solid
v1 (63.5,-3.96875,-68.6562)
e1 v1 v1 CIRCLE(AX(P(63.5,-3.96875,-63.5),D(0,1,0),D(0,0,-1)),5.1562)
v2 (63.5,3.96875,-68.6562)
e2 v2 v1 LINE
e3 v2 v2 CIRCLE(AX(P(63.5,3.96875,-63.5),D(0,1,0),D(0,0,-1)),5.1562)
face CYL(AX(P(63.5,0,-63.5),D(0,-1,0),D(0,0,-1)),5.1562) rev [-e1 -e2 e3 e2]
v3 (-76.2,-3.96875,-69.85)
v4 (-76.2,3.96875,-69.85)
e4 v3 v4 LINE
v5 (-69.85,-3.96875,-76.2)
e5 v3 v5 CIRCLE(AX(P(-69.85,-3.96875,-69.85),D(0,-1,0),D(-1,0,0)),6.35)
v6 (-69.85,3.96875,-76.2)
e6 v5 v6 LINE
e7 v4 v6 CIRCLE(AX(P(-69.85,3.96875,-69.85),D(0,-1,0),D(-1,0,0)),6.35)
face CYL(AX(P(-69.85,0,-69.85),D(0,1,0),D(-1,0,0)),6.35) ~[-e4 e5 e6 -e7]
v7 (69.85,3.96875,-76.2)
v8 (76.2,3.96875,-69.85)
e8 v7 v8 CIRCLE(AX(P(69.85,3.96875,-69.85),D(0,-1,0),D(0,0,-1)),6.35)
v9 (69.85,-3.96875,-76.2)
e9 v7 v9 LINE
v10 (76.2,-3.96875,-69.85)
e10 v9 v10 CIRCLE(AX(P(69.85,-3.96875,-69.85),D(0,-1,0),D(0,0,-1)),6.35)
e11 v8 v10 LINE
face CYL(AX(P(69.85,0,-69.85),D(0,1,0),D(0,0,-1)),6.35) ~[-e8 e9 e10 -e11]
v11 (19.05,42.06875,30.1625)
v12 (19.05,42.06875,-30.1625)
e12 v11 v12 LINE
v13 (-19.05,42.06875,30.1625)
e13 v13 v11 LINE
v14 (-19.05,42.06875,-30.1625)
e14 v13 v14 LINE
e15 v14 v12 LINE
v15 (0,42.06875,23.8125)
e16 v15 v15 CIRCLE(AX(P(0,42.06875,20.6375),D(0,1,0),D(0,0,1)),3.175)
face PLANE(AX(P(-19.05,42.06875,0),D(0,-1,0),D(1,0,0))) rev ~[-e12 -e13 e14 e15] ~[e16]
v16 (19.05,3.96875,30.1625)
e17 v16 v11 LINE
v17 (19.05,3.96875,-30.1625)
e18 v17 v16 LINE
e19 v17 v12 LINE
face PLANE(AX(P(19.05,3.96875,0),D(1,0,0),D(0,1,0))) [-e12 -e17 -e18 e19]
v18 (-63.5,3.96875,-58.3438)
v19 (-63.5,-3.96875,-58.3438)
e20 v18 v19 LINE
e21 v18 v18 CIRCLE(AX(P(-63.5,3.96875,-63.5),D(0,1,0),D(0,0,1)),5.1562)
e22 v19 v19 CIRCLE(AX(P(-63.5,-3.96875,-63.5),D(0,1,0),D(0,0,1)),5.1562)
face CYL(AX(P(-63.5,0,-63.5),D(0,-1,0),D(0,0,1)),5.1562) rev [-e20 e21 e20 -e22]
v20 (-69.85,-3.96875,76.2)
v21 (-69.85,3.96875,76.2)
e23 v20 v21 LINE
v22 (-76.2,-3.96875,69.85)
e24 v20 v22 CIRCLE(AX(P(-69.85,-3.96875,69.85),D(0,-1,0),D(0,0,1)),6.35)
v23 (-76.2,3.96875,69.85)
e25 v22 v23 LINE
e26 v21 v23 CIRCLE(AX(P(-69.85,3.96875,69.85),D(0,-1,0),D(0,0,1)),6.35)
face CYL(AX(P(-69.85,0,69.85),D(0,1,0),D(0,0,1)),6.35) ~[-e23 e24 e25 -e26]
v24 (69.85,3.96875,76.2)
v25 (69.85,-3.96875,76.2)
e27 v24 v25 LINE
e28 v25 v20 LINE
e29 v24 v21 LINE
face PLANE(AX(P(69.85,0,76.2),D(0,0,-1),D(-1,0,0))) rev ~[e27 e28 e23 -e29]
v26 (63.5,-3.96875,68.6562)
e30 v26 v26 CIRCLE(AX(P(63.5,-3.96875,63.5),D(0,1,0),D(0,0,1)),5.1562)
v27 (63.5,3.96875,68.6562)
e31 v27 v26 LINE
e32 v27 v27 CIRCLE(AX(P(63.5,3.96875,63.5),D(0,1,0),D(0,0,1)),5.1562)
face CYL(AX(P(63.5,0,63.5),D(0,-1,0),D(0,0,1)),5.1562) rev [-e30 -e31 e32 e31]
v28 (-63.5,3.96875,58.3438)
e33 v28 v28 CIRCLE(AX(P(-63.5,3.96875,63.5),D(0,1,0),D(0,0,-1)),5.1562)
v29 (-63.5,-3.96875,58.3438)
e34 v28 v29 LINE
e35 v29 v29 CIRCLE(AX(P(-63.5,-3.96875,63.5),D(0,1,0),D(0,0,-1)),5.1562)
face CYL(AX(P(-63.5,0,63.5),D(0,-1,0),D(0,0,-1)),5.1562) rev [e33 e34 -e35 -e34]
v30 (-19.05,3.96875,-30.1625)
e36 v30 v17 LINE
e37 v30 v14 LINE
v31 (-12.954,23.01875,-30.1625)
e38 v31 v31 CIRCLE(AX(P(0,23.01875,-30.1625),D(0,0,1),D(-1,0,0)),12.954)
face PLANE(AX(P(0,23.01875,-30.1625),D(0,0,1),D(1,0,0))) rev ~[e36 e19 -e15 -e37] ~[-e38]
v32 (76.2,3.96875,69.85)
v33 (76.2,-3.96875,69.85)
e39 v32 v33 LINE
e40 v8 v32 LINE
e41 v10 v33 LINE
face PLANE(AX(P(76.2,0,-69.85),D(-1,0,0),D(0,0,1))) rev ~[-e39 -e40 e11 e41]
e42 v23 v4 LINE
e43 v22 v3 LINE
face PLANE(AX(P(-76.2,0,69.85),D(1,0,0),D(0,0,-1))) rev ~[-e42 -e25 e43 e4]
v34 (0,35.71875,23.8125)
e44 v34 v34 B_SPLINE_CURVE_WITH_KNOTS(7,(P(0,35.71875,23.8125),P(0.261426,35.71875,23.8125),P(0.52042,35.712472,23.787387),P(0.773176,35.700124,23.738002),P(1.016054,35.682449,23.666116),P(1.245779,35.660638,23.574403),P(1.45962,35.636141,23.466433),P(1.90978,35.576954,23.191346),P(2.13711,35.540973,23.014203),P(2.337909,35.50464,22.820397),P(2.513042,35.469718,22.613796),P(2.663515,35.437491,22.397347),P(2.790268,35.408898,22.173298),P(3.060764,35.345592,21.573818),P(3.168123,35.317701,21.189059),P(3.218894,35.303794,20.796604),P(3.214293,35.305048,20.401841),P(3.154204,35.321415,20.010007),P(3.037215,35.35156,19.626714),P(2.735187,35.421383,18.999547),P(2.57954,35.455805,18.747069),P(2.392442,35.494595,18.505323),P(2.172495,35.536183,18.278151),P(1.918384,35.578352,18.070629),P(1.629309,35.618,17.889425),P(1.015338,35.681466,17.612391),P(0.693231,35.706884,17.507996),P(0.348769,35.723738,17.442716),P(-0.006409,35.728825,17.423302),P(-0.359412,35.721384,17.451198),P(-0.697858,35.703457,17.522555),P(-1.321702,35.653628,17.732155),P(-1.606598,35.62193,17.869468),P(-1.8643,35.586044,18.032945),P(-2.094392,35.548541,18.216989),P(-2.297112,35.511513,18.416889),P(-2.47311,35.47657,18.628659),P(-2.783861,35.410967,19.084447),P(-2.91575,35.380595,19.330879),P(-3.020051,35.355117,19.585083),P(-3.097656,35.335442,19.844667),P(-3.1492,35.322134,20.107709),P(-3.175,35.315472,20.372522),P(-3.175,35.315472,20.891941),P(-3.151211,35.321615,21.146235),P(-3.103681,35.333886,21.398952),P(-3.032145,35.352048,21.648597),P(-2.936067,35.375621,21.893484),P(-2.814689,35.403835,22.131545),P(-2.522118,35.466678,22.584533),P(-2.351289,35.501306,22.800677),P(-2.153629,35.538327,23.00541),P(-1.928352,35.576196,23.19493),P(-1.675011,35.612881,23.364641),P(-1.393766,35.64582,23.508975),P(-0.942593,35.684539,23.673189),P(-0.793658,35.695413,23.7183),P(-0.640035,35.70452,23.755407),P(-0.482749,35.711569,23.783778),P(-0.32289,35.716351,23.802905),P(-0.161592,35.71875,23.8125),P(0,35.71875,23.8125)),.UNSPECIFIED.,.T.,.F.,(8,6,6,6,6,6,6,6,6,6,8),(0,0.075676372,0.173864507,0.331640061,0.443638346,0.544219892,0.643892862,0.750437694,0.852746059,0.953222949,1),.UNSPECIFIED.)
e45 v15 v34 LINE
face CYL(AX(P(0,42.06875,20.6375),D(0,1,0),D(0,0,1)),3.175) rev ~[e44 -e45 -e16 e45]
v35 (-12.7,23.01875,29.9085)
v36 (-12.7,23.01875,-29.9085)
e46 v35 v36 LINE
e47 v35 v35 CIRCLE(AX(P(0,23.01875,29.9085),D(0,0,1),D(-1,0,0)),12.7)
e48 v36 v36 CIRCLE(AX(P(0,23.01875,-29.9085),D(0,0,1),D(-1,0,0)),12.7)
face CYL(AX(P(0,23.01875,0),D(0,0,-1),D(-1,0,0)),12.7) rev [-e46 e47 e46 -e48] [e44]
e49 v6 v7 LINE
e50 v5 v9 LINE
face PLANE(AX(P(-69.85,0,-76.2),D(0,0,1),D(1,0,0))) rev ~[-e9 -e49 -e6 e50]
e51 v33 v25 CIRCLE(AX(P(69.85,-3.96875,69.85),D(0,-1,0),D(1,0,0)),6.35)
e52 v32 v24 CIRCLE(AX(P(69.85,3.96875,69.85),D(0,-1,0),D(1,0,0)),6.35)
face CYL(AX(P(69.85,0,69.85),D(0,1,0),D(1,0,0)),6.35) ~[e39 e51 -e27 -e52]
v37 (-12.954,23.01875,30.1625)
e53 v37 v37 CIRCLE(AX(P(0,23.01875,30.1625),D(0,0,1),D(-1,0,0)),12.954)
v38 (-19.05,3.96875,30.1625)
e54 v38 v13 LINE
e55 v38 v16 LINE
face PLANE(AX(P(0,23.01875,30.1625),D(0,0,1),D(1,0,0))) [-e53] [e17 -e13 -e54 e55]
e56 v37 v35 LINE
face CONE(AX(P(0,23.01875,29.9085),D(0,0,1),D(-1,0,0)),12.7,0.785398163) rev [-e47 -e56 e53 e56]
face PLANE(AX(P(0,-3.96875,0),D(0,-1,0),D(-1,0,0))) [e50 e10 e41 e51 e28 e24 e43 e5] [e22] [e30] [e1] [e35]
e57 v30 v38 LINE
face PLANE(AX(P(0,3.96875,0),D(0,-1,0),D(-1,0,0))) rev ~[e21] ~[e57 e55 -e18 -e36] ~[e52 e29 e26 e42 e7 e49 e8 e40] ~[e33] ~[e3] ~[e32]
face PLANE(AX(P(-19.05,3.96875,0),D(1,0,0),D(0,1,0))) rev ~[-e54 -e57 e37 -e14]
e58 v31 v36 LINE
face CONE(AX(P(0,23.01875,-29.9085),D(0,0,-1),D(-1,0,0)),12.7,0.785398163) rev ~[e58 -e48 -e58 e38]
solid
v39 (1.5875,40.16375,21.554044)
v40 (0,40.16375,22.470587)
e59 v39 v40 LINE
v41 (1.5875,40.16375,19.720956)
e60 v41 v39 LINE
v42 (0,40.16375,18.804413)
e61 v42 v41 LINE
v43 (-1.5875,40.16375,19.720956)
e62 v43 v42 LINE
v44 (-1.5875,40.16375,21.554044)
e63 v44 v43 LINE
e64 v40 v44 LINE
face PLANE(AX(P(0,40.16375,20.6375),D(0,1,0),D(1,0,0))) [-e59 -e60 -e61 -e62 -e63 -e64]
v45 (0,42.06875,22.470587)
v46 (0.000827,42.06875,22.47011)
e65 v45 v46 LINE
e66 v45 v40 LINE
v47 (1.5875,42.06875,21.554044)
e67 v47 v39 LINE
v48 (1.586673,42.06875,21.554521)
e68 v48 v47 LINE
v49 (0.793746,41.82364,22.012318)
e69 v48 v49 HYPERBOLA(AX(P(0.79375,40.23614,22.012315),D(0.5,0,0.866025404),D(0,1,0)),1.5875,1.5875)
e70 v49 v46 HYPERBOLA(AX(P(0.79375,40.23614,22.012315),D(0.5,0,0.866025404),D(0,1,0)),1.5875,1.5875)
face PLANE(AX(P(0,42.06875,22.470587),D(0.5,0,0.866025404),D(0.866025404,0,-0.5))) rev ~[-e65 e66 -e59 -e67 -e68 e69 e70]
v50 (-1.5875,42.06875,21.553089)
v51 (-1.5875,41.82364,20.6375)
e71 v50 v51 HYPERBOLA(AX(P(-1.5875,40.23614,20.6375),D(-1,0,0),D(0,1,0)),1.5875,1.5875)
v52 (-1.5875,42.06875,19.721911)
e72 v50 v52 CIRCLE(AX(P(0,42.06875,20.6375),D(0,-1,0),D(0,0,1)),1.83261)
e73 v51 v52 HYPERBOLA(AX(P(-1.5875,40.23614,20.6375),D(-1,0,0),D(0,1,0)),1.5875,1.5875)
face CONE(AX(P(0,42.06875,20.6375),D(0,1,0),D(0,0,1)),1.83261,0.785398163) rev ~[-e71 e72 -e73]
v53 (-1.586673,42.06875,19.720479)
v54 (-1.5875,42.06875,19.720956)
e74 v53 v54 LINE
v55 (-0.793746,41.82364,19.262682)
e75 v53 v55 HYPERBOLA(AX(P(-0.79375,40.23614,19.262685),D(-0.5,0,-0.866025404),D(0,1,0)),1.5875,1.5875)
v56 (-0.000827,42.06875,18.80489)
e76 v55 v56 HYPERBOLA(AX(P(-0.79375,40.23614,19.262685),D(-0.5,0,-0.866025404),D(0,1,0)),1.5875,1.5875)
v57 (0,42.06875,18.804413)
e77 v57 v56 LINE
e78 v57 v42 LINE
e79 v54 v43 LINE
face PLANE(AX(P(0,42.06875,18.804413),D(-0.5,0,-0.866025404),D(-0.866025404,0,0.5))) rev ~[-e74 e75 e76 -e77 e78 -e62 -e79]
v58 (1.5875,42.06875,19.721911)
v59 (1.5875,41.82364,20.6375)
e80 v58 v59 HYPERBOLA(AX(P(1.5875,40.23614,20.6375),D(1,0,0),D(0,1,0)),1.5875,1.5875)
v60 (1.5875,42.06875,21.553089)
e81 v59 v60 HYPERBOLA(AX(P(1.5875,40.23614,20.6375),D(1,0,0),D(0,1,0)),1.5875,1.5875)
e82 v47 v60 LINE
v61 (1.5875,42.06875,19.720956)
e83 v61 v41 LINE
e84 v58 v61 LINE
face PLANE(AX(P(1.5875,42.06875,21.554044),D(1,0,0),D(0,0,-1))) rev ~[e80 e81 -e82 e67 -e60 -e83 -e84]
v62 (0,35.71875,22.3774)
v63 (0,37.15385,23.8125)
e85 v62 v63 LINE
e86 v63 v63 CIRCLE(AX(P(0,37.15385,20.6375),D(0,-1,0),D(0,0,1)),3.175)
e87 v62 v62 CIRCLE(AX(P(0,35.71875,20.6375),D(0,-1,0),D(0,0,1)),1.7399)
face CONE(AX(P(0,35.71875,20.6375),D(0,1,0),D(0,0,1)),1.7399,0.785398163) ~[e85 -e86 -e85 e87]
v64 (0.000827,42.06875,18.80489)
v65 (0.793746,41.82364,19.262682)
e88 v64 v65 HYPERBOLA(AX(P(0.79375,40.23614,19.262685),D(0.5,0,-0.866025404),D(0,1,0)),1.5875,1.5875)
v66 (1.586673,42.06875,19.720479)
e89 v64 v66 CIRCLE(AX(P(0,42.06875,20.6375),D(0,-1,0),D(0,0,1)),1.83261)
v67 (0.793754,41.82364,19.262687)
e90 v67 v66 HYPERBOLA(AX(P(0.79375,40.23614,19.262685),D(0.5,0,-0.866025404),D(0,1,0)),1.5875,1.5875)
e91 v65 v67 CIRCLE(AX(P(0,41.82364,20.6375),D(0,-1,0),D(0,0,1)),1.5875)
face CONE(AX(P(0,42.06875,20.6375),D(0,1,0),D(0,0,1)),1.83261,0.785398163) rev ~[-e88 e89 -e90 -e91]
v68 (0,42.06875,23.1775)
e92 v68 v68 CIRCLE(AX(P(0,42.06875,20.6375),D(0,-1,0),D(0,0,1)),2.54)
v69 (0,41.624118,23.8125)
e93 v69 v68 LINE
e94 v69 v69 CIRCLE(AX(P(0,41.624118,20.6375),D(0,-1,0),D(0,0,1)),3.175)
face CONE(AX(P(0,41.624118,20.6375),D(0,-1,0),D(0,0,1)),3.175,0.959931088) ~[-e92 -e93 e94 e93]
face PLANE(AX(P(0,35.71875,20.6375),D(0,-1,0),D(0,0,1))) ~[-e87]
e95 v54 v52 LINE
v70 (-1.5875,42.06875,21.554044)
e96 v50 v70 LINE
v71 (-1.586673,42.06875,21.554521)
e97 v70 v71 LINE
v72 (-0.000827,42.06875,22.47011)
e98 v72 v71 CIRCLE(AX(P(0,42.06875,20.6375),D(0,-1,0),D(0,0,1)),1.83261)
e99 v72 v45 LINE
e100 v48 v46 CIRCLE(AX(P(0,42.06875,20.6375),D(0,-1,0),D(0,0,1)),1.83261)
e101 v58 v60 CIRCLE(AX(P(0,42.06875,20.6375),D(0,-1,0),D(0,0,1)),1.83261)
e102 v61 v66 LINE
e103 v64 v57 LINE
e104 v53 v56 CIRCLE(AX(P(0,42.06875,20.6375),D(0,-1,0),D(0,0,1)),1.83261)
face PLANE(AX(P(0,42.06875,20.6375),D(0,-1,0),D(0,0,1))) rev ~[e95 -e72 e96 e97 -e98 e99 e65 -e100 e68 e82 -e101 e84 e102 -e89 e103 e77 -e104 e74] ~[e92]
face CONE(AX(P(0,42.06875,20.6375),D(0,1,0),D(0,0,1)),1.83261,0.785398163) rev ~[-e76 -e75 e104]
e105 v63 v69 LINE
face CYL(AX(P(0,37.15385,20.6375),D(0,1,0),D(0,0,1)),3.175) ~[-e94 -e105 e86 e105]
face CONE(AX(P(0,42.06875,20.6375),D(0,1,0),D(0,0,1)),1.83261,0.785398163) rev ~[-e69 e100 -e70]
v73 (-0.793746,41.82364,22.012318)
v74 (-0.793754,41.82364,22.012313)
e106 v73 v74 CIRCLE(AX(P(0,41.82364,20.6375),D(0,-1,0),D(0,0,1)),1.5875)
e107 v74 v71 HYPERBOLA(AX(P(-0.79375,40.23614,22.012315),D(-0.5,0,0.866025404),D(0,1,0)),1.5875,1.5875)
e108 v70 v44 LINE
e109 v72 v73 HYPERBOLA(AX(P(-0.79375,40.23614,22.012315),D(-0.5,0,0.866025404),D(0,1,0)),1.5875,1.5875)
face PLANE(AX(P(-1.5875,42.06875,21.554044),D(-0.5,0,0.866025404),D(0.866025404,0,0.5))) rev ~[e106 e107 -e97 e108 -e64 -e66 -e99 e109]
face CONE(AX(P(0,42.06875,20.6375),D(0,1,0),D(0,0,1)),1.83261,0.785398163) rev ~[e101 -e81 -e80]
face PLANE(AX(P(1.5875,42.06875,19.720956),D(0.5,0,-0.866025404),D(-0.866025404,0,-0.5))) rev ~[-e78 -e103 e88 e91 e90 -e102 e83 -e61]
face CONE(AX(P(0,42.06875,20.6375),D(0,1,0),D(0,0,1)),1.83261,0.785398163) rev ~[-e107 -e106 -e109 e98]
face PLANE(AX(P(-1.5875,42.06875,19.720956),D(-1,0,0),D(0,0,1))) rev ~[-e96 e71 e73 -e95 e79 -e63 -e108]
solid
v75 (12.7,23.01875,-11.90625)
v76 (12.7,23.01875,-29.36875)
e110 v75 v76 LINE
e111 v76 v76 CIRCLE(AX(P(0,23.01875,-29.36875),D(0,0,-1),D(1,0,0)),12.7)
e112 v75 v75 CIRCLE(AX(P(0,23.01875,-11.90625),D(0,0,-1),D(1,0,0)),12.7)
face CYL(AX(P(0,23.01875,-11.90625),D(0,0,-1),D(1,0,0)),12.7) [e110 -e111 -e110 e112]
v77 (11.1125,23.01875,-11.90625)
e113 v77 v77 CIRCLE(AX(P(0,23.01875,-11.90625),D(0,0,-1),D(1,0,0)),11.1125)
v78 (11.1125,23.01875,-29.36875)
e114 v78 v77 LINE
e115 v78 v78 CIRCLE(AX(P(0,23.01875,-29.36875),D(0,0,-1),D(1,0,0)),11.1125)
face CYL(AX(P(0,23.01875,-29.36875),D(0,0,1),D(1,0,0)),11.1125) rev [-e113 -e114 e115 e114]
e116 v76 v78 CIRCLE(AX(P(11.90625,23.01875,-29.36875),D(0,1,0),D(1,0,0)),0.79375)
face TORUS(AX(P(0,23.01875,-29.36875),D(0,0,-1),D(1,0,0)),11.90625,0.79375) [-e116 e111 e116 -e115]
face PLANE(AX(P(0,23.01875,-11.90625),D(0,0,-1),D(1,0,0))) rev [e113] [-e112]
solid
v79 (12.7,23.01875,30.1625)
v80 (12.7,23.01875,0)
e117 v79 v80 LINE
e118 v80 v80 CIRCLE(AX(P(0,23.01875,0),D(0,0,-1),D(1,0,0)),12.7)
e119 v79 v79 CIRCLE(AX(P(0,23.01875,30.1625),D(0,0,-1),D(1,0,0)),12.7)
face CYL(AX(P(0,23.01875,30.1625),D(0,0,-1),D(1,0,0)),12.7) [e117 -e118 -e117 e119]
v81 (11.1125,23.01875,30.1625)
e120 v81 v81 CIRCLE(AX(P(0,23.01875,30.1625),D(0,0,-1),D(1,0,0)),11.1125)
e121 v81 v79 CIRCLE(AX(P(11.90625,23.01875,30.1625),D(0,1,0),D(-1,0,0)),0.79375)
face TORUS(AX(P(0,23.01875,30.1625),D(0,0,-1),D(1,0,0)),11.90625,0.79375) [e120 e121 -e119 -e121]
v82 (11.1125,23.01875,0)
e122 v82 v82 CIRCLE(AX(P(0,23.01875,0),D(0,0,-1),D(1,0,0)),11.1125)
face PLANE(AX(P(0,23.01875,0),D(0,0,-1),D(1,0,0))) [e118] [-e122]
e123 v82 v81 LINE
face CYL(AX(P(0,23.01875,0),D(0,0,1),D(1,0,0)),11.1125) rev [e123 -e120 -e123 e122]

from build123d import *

# Parameters (mm, degrees)
SKETCH1_R               = 5.1562
BOSS_EXTRUDE1_DEPTH     = 3.96875
SKETCH2_W               = 38.1
SKETCH2_H               = 38.1
SKETCH2_R               = 12.7
BOSS_EXTRUDE2_DEPTH     = 30.1625
CHAMFER1_SIZE           = 0.254
CUT_EXTRUDE1_REACH      = 119.185
CUT_EXTRUDE1_END_RADIUS = 12.7
SKETCH4_R               = 3.175
CUT_EXTRUDE2_DEPTH      = 1.905


with BuildPart() as part:
    # Sketch1 → Boss-Extrude1 (new, symmetric)
    with BuildSketch(Plane(origin=(0, 0, 0), x_dir=(1, 0, 0), z_dir=(0, 1, 0))):
        with BuildLine():
            Line((-69.85, 76.2), (69.85, 76.2))
            ThreePointArc((69.85, 76.2), (74.340128061, 74.340128061), (76.2, 69.85))
            Line((76.2, 69.85), (76.2, -69.85))
            ThreePointArc((76.2, -69.85), (74.340128061, -74.340128061), (69.85, -76.2))
            Line((69.85, -76.2), (-69.85, -76.2))
            ThreePointArc((-69.85, -76.2), (-74.340128061, -74.340128061), (-76.2, -69.85))
            Line((-76.2, -69.85), (-76.2, 69.85))
            ThreePointArc((-76.2, 69.85), (-74.340128061, 74.340128061), (-69.85, 76.2))
        make_face()
        with Locations(Location((-63.5, 63.5, 0), (0, 0, 270))):
            Circle(SKETCH1_R, mode=Mode.SUBTRACT)
        with Locations(Location((63.5, 63.5, 0), (0, 0, 90))):
            Circle(SKETCH1_R, mode=Mode.SUBTRACT)
        with Locations(Location((63.5, -63.5, 0), (0, 0, 270))):
            Circle(SKETCH1_R, mode=Mode.SUBTRACT)
        with Locations(Location((-63.5, -63.5, 0), (0, 0, 90))):
            Circle(SKETCH1_R, mode=Mode.SUBTRACT)
    extrude(amount=BOSS_EXTRUDE1_DEPTH, both=True)

    # Sketch2 → Boss-Extrude2 (add, symmetric)
    with BuildSketch(Plane.XY):
        with Locations((0, 23.01875)):
            Rectangle(SKETCH2_W, SKETCH2_H)
        with Locations(Location((0, 23.01875, 0), (0, 0, 180))):
            Circle(SKETCH2_R, mode=Mode.SUBTRACT)
    extrude(amount=BOSS_EXTRUDE2_DEPTH, both=True)

    # Chamfer1
    chamfer1_edges = [part.edges().sort_by_distance(p)[0] for p in [
        (12.7, 23.01875, -30.1625),
        (12.7, 23.01875, 30.1625),
    ]]
    chamfer(chamfer1_edges, length=CHAMFER1_SIZE)

    # Cut-Extrude1: up to this cylinder (the profile starts outside it)
    cut_extrude1_end = Plane(origin=(0, 23.01875, 20.6375), z_dir=(0, 0, -1)) * Cylinder(CUT_EXTRUDE1_END_RADIUS, 264.77, mode=Mode.PRIVATE)
    # Sketch4 → Cut-Extrude1 (cut, up to the surface)
    with BuildSketch(Plane(origin=(0, 42.06875, 0), x_dir=(1, 0, 0), z_dir=(0, 1, 0)), mode=Mode.PRIVATE) as cut_extrude1_sk1:
        with Locations(Location((0, -20.6375, 0), (0, 0, 270))):
            Circle(SKETCH4_R)
    cut_extrude1_tool1 = extrude(cut_extrude1_sk1.sketch, amount=-CUT_EXTRUDE1_REACH, mode=Mode.PRIVATE) - cut_extrude1_end
    add(cut_extrude1_tool1.solids().sort_by_distance((0, 42.06875, 20.6375))[0], mode=Mode.SUBTRACT)


with BuildPart() as body_2:
    # Sketch3 → Revolve1 (revolve)
    with BuildSketch(Plane(origin=(0, 0, 0), x_dir=(0, 0, -1), z_dir=(1, 0, 0)), mode=Mode.PRIVATE) as revolve1_sk:
        with BuildLine():
            Line((-30.1625, 35.71875), (0, 35.71875))
            Line((0, 35.71875), (0, 34.13125))
            Line((0, 34.13125), (-30.1625, 34.13125))
            ThreePointArc((-30.1625, 34.13125), (-30.95625, 34.925), (-30.1625, 35.71875))
        make_face()
        with BuildLine():
            Line((11.90625, 35.71875), (29.36875, 35.71875))
            ThreePointArc((29.36875, 35.71875), (30.1625, 34.925), (29.36875, 34.13125))
            Line((29.36875, 34.13125), (11.90625, 34.13125))
            Line((11.90625, 34.13125), (11.90625, 35.71875))
        make_face()
    revolve(revolve1_sk.sketch.rotate(Axis((0, 23.01875, 30.1625), (0, 0, -1)), 90), axis=Axis((0, 23.01875, 30.1625), (0, 0, -1)))


with BuildPart() as body_3:
    # Sketch5 → Revolve2 (revolve)
    with BuildSketch(Plane(origin=(0, 0, 0), x_dir=(0, 0, -1), z_dir=(1, 0, 0))):
        Polygon((-23.1775, 42.06875), (-22.47011, 42.06875), (-22.225, 41.82364), (-22.225, 40.16375), (-20.6375, 40.16375), (-20.6375, 35.71875), (-22.3774, 35.71875), (-23.8125, 37.15385), (-23.8125, 41.624118213), align=None)
    revolve(axis=Axis((0, 42.06875, 20.6375), (0, -1, 0)))

    # Sketch6 → Cut-Extrude2 (cut)
    with BuildSketch(Plane(origin=(0, 42.06875, 0), x_dir=(1, 0, 0), z_dir=(0, 1, 0))):
        Polygon((0, -18.804412895), (-1.5875, -19.720956448), (-1.5875, -21.554043552), (0, -22.470587105), (1.5875, -21.554043552), (1.5875, -19.720956448), align=None)
    extrude(amount=-CUT_EXTRUDE2_DEPTH, mode=Mode.SUBTRACT)


solid = Compound([part.part, body_2.part, body_3.part])
